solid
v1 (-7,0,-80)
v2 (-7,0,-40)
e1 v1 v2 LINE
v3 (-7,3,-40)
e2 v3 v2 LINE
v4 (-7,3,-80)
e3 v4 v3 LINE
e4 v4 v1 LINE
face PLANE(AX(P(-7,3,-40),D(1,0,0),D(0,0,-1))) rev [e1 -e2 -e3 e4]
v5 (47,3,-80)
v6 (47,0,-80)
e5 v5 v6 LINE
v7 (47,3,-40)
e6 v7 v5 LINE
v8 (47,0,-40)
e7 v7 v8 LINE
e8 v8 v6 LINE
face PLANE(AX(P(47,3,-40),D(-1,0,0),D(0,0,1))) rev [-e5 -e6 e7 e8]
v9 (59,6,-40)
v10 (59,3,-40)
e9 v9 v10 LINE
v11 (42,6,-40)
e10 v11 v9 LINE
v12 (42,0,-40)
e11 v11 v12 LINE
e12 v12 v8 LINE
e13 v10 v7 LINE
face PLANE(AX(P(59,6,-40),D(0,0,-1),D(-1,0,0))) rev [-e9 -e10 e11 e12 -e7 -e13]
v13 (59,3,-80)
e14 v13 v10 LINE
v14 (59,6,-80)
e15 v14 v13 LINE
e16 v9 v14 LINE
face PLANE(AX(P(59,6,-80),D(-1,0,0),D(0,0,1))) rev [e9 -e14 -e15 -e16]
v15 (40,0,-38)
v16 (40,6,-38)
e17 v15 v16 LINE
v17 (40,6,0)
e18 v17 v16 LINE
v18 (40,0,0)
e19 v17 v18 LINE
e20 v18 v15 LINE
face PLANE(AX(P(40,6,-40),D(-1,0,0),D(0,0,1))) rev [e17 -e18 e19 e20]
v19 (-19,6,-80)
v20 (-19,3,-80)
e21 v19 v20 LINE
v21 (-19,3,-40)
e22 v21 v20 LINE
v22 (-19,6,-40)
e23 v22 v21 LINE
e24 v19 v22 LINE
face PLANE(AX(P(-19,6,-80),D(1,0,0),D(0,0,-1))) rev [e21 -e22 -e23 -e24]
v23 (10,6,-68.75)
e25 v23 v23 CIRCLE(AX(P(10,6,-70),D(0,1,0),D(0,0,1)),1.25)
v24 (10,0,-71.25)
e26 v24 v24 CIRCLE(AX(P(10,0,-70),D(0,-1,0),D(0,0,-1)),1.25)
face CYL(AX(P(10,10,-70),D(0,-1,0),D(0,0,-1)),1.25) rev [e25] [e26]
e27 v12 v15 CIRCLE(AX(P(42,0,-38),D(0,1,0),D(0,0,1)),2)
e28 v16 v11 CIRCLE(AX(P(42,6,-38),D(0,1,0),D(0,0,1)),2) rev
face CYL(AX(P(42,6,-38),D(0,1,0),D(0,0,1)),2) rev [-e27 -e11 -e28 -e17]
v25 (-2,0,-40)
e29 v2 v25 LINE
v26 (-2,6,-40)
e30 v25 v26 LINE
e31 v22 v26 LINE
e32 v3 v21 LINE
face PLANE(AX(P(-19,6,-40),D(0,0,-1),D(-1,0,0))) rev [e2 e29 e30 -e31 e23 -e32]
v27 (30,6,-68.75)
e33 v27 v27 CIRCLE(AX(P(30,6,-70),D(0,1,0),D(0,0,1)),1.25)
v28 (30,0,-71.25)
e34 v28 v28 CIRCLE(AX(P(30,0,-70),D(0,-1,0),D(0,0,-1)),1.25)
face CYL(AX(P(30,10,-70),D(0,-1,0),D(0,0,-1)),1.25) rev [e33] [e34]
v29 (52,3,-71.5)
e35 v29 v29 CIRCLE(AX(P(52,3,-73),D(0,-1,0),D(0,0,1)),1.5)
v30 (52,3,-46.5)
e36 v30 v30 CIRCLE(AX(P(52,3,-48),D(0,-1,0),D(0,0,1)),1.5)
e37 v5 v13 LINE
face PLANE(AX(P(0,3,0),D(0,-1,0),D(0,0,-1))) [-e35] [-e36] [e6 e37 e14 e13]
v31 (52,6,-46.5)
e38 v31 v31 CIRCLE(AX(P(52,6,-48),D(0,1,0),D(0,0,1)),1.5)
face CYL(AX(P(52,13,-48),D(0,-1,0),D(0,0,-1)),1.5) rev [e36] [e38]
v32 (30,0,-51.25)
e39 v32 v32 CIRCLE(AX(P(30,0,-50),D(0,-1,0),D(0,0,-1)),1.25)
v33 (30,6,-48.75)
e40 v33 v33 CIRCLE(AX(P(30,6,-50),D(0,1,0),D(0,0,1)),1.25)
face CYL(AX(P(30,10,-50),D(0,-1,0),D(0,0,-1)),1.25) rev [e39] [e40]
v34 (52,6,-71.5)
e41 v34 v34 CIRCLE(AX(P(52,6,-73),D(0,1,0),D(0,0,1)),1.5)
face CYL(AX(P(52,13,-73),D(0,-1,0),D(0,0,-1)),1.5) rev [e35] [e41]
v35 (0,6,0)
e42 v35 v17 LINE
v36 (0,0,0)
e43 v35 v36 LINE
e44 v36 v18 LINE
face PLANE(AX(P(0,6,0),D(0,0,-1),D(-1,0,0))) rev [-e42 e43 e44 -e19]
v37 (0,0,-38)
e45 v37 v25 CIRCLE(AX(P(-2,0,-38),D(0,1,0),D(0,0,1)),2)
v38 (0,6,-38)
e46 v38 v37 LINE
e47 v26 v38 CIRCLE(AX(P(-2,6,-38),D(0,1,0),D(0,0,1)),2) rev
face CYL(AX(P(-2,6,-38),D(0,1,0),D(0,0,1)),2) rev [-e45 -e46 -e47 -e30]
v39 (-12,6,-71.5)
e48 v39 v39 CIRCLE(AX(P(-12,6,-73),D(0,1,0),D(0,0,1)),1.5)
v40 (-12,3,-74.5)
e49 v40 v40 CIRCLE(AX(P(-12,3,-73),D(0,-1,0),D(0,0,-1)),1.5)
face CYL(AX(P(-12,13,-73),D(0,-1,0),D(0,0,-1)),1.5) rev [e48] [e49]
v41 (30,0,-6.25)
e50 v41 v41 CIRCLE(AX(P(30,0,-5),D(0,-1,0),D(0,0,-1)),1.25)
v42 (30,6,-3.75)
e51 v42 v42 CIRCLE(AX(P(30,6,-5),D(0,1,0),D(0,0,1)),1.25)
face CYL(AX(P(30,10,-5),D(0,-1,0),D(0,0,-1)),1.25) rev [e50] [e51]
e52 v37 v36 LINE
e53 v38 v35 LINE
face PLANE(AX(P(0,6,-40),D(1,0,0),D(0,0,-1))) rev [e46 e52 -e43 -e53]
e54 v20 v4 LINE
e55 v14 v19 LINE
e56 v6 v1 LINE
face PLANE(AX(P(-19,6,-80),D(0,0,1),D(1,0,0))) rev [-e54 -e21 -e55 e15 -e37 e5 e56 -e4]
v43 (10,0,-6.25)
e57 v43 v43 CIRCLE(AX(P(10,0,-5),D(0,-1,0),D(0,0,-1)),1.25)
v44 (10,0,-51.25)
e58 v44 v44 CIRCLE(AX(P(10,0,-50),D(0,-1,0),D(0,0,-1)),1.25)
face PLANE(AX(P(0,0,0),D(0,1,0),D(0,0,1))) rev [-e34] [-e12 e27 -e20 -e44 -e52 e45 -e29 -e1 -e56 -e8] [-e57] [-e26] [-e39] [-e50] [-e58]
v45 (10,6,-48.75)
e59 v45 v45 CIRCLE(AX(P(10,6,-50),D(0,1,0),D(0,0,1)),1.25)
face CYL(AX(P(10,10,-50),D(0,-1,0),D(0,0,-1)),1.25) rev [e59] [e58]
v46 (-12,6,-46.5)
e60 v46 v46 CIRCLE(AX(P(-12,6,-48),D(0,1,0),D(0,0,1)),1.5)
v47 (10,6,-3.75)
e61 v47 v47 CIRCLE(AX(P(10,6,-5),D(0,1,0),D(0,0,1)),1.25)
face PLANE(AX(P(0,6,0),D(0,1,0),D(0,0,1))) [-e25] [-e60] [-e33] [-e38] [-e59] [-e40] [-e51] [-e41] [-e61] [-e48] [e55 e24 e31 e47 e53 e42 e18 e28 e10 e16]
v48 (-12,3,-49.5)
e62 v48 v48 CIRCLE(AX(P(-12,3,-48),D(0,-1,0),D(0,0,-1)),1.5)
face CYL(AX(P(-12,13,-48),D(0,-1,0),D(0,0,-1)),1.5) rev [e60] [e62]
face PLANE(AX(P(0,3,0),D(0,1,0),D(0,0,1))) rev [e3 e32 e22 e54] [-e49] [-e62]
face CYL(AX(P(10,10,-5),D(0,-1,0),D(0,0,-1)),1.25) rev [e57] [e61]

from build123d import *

# Parameters (mm, degrees)
EXTRUDE_1_DEPTH     = 6
FILLET_1_R          = 2
SKETCH_18_W         = 12
SKETCH_18_H         = 40
CUT_EXTRUDE_7_DEPTH = 3
SKETCH_19_R         = 1.5
CUT_EXTRUDE_8_DEPTH = 10
SKETCH_20_R         = 1.25
CUT_EXTRUDE_9_DEPTH = 10


with BuildPart() as part:
    # 草图1 → 凸台-拉伸1 (new body)
    with BuildSketch(Plane(origin=(0, 0, 0), x_dir=(1, 0, 0), z_dir=(0, 1, 0))):
        Polygon((0, 0), (40, 0), (40, 40), (59, 40), (59, 80), (-19, 80), (-19, 40), (0, 40), align=None)
    extrude(amount=EXTRUDE_1_DEPTH)

    # 圆角1
    fillet_1_edges = [part.edges().sort_by_distance(p)[0] for p in [
        (0, 3, -40),
        (40, 3, -40),
    ]]
    fillet(fillet_1_edges, radius=FILLET_1_R)

    # 草图18 → 切除-拉伸7 (cut)
    with BuildSketch(Plane.XZ):
        with Locations((-13, -60)):
            Rectangle(SKETCH_18_W, SKETCH_18_H)
        with Locations((53, -60)):
            Rectangle(SKETCH_18_W, SKETCH_18_H)
    extrude(amount=-CUT_EXTRUDE_7_DEPTH, mode=Mode.SUBTRACT)

    # 草图19 → 切除-拉伸8 (cut)
    with BuildSketch(Plane.XZ.offset(-3)):
        with Locations(Location((-12, -48, 0), (0, 0, 270))):
            Circle(SKETCH_19_R)
        with Locations(Location((-12, -73, 0), (0, 0, 270))):
            Circle(SKETCH_19_R)
        with Locations(Location((52, -73, 0), (0, 0, 90))):
            Circle(SKETCH_19_R)
        with Locations(Location((52, -48, 0), (0, 0, 90))):
            Circle(SKETCH_19_R)
    extrude(amount=-CUT_EXTRUDE_8_DEPTH, mode=Mode.SUBTRACT)

    # 草图20 → 切除-拉伸9 (cut)
    with BuildSketch(Plane.XZ):
        with Locations(Location((10, -5, 0), (0, 0, 270))):
            Circle(SKETCH_20_R)
        with Locations(Location((30, -5, 0), (0, 0, 270))):
            Circle(SKETCH_20_R)
        with Locations(Location((10, -50, 0), (0, 0, 270))):
            Circle(SKETCH_20_R)
        with Locations(Location((10, -70, 0), (0, 0, 270))):
            Circle(SKETCH_20_R)
        with Locations(Location((30, -50, 0), (0, 0, 270))):
            Circle(SKETCH_20_R)
        with Locations(Location((30, -70, 0), (0, 0, 270))):
            Circle(SKETCH_20_R)
    extrude(amount=-CUT_EXTRUDE_9_DEPTH, mode=Mode.SUBTRACT)


solid = part.part
